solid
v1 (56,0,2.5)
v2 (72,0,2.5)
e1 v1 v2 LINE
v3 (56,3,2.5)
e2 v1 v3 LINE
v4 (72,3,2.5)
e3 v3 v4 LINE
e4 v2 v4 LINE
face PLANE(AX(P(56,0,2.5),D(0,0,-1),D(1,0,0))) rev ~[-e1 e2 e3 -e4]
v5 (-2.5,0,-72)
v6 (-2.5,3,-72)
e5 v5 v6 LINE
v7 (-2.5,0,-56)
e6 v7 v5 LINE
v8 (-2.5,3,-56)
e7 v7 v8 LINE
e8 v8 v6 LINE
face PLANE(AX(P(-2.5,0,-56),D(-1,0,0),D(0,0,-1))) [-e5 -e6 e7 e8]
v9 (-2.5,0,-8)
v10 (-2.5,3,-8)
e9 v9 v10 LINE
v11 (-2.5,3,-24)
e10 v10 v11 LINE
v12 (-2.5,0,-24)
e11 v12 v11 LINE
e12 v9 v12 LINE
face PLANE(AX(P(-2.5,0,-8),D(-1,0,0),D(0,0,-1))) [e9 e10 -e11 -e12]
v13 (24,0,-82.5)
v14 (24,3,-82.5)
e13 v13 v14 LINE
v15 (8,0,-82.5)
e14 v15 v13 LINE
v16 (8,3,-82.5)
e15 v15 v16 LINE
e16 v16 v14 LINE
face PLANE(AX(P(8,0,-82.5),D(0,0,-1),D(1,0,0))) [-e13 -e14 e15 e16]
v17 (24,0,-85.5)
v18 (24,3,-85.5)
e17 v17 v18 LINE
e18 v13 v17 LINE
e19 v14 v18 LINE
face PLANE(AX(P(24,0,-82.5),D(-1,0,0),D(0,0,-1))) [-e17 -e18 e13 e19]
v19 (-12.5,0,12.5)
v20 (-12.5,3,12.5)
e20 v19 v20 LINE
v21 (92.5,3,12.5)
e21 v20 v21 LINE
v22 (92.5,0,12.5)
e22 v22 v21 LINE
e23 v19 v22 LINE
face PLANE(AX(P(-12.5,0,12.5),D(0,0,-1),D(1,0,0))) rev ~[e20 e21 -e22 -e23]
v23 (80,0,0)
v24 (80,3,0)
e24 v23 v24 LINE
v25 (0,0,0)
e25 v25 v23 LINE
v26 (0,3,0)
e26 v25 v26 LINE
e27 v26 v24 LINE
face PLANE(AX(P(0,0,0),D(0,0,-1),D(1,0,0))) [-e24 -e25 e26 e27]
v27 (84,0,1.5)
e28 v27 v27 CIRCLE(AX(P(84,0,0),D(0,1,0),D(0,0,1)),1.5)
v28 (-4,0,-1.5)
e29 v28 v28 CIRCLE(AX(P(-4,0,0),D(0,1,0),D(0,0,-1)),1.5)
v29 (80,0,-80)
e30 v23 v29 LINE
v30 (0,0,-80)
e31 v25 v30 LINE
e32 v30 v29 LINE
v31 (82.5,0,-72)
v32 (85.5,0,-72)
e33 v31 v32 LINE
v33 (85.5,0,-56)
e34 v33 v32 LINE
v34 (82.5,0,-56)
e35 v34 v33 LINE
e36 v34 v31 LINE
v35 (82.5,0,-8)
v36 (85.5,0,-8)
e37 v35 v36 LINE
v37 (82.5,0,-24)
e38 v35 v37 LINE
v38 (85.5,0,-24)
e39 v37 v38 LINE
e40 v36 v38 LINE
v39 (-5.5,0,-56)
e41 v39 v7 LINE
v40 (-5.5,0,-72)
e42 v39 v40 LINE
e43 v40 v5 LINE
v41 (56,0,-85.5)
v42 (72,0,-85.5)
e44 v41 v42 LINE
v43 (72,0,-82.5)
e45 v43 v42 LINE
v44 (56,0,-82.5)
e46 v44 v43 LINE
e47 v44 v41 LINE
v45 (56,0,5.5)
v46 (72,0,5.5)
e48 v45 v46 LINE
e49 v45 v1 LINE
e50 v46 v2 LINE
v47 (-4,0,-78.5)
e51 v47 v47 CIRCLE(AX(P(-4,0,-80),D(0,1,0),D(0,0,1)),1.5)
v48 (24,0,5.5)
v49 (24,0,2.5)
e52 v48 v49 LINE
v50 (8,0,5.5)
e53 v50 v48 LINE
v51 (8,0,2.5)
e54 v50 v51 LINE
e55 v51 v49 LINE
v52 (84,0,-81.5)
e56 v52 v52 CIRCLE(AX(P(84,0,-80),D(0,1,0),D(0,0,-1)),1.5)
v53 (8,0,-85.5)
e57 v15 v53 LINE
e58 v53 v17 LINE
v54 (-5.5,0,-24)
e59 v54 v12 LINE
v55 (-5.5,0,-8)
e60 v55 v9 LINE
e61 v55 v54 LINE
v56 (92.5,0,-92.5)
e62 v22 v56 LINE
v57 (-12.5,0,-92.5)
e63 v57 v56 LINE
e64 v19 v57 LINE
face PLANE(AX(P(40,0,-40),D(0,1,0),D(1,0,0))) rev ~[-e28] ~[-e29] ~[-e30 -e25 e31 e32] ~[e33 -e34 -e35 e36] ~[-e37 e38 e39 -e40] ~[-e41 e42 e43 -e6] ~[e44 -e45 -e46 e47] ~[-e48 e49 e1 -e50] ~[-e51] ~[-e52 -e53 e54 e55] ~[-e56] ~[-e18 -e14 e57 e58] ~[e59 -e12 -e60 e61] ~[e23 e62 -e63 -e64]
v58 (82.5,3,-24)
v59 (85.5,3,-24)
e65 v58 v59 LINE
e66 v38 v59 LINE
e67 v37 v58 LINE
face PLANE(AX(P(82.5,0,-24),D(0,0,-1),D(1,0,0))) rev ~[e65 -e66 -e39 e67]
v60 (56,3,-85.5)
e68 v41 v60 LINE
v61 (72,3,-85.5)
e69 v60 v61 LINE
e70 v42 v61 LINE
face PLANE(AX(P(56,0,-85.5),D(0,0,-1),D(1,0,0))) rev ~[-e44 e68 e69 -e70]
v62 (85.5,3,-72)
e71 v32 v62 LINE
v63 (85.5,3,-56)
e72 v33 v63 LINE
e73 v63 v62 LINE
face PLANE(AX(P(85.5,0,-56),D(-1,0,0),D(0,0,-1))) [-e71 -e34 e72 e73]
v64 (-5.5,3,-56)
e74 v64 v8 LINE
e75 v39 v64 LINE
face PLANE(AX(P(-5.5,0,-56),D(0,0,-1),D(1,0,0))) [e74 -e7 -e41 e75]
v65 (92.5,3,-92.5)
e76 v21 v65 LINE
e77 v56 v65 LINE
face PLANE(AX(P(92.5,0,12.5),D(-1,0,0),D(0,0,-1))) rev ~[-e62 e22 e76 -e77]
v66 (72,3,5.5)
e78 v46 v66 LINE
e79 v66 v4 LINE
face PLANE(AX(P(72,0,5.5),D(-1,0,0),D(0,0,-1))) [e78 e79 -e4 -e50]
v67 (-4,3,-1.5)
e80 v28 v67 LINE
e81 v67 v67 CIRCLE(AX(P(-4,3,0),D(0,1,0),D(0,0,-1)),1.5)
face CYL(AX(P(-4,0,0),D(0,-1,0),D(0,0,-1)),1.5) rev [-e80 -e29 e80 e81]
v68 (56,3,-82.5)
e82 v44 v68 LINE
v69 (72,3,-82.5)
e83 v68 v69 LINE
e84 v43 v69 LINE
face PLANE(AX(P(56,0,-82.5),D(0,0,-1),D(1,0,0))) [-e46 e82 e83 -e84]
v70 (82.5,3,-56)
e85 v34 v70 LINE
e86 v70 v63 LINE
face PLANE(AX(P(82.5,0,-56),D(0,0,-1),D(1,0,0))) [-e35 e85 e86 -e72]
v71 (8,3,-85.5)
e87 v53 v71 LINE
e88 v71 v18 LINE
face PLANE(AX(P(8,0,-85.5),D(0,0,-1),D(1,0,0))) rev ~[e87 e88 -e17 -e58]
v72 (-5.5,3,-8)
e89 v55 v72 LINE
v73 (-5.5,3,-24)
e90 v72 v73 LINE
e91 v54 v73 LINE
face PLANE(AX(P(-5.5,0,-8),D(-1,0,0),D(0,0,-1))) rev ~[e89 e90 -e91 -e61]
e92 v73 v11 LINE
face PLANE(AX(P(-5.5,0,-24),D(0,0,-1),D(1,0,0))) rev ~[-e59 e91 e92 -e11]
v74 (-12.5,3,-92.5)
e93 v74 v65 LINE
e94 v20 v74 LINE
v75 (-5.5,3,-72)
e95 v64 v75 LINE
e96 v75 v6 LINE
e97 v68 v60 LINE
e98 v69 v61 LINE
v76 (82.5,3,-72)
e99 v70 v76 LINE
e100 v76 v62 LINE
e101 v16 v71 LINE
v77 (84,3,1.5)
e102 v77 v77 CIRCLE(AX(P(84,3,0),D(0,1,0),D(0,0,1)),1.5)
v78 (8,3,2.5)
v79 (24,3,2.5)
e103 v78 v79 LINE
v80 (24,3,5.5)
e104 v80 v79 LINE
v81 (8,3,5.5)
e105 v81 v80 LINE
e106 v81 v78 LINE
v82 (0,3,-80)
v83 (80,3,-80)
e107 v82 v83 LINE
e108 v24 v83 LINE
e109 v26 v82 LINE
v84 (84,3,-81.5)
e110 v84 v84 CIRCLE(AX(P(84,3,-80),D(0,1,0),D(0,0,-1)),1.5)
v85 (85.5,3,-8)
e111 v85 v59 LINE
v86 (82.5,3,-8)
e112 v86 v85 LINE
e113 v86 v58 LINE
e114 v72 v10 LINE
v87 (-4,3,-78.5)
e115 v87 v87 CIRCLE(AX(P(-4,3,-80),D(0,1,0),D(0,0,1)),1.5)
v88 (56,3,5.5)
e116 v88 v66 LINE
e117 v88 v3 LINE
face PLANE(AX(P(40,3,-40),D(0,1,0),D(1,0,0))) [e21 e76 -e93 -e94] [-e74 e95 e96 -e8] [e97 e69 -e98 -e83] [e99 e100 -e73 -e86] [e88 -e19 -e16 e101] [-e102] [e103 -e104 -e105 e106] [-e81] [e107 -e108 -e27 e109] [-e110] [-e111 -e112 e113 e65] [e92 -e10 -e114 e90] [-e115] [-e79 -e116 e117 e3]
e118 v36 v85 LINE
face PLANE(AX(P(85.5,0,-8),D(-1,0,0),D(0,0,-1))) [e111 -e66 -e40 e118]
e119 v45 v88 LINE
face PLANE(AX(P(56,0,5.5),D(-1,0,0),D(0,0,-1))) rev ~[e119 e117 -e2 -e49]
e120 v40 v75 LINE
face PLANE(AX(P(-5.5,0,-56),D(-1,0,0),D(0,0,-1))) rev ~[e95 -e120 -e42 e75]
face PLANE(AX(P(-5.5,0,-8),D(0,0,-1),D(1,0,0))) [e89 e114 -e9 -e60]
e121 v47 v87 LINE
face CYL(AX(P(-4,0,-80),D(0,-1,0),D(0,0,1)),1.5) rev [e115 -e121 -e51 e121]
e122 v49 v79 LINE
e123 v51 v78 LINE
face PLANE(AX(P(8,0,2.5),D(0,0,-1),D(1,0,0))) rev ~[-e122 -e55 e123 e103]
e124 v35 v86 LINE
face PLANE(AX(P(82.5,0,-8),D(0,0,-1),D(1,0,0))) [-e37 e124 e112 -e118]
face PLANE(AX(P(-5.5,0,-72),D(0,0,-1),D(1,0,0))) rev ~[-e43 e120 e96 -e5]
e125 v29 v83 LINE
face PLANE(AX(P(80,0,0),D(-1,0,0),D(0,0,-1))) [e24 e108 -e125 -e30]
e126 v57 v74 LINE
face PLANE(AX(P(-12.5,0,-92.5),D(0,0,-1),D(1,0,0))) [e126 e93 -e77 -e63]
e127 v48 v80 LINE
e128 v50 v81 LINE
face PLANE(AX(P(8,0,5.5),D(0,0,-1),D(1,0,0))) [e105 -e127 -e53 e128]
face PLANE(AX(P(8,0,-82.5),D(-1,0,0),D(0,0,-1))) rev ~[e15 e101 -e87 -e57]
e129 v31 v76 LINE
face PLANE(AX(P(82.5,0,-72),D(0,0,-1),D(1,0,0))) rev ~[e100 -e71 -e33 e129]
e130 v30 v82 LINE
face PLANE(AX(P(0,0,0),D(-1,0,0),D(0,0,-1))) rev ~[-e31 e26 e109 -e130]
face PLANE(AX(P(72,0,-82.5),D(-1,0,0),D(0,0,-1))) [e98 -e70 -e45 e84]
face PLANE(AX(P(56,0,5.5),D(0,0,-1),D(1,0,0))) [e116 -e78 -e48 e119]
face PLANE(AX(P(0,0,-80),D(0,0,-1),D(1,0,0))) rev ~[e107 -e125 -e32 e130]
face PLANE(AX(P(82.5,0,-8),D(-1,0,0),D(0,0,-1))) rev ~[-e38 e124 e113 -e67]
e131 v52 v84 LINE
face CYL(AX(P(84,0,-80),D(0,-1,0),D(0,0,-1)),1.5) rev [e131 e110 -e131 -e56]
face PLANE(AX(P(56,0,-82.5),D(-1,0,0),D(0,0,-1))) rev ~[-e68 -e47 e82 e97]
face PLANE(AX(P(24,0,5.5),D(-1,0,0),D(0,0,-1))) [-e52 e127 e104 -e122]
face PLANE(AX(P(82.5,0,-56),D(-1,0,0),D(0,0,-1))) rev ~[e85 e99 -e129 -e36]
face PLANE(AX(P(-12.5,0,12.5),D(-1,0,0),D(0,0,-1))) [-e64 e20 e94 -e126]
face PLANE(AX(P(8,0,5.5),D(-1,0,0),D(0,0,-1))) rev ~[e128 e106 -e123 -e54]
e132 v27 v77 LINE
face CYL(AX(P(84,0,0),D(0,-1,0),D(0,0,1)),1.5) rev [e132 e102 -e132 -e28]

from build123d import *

# Parameters (mm, degrees)
CROQUIS1_W              = 105
CROQUIS1_H              = 105
CROQUIS1_R              = 1.5
CROQUIS1_W_2            = 80
CROQUIS1_H_2            = 80
CROQUIS1_W_3            = 16
CROQUIS1_H_3            = 3
CROQUIS1_W_4            = 3
CROQUIS1_H_4            = 16
SALIENTE_EXTRUIR1_DEPTH = 3


with BuildPart() as part:
    # Croquis1 → Saliente-Extruir1 (new body)
    with BuildSketch(Plane(origin=(0, 0, 0), x_dir=(1, 0, 0), z_dir=(0, 1, 0))):
        with Locations((40, 40)):
            Rectangle(CROQUIS1_W, CROQUIS1_H)
        with Locations(Location((84, 0, 0), (0, 0, 270))):
            Circle(CROQUIS1_R, mode=Mode.SUBTRACT)
        with Locations(Location((84, 80, 0), (0, 0, 90))):
            Circle(CROQUIS1_R, mode=Mode.SUBTRACT)
        with Locations(Location((-4, 80, 0), (0, 0, 270))):
            Circle(CROQUIS1_R, mode=Mode.SUBTRACT)
        with Locations(Location((-4, 0, 0), (0, 0, 90))):
            Circle(CROQUIS1_R, mode=Mode.SUBTRACT)
        with Locations((40, 40)):
            Rectangle(CROQUIS1_W_2, CROQUIS1_H_2, mode=Mode.SUBTRACT)
        with Locations((16, -4)):
            Rectangle(CROQUIS1_W_3, CROQUIS1_H_3, mode=Mode.SUBTRACT)
        with Locations((84, 64)):
            Rectangle(CROQUIS1_W_4, CROQUIS1_H_4, mode=Mode.SUBTRACT)
        with Locations((84, 16)):
            Rectangle(CROQUIS1_W_4, CROQUIS1_H_4, mode=Mode.SUBTRACT)
        with Locations((-4, 16)):
            Rectangle(CROQUIS1_W_4, CROQUIS1_H_4, mode=Mode.SUBTRACT)
        with Locations((-4, 64)):
            Rectangle(CROQUIS1_W_4, CROQUIS1_H_4, mode=Mode.SUBTRACT)
        with Locations((64, -4)):
            Rectangle(CROQUIS1_W_3, CROQUIS1_H_3, mode=Mode.SUBTRACT)
        with Locations((64, 84)):
            Rectangle(CROQUIS1_W_3, CROQUIS1_H_3, mode=Mode.SUBTRACT)
        with Locations((16, 84)):
            Rectangle(CROQUIS1_W_3, CROQUIS1_H_3, mode=Mode.SUBTRACT)
    extrude(amount=SALIENTE_EXTRUIR1_DEPTH)


solid = part.part
